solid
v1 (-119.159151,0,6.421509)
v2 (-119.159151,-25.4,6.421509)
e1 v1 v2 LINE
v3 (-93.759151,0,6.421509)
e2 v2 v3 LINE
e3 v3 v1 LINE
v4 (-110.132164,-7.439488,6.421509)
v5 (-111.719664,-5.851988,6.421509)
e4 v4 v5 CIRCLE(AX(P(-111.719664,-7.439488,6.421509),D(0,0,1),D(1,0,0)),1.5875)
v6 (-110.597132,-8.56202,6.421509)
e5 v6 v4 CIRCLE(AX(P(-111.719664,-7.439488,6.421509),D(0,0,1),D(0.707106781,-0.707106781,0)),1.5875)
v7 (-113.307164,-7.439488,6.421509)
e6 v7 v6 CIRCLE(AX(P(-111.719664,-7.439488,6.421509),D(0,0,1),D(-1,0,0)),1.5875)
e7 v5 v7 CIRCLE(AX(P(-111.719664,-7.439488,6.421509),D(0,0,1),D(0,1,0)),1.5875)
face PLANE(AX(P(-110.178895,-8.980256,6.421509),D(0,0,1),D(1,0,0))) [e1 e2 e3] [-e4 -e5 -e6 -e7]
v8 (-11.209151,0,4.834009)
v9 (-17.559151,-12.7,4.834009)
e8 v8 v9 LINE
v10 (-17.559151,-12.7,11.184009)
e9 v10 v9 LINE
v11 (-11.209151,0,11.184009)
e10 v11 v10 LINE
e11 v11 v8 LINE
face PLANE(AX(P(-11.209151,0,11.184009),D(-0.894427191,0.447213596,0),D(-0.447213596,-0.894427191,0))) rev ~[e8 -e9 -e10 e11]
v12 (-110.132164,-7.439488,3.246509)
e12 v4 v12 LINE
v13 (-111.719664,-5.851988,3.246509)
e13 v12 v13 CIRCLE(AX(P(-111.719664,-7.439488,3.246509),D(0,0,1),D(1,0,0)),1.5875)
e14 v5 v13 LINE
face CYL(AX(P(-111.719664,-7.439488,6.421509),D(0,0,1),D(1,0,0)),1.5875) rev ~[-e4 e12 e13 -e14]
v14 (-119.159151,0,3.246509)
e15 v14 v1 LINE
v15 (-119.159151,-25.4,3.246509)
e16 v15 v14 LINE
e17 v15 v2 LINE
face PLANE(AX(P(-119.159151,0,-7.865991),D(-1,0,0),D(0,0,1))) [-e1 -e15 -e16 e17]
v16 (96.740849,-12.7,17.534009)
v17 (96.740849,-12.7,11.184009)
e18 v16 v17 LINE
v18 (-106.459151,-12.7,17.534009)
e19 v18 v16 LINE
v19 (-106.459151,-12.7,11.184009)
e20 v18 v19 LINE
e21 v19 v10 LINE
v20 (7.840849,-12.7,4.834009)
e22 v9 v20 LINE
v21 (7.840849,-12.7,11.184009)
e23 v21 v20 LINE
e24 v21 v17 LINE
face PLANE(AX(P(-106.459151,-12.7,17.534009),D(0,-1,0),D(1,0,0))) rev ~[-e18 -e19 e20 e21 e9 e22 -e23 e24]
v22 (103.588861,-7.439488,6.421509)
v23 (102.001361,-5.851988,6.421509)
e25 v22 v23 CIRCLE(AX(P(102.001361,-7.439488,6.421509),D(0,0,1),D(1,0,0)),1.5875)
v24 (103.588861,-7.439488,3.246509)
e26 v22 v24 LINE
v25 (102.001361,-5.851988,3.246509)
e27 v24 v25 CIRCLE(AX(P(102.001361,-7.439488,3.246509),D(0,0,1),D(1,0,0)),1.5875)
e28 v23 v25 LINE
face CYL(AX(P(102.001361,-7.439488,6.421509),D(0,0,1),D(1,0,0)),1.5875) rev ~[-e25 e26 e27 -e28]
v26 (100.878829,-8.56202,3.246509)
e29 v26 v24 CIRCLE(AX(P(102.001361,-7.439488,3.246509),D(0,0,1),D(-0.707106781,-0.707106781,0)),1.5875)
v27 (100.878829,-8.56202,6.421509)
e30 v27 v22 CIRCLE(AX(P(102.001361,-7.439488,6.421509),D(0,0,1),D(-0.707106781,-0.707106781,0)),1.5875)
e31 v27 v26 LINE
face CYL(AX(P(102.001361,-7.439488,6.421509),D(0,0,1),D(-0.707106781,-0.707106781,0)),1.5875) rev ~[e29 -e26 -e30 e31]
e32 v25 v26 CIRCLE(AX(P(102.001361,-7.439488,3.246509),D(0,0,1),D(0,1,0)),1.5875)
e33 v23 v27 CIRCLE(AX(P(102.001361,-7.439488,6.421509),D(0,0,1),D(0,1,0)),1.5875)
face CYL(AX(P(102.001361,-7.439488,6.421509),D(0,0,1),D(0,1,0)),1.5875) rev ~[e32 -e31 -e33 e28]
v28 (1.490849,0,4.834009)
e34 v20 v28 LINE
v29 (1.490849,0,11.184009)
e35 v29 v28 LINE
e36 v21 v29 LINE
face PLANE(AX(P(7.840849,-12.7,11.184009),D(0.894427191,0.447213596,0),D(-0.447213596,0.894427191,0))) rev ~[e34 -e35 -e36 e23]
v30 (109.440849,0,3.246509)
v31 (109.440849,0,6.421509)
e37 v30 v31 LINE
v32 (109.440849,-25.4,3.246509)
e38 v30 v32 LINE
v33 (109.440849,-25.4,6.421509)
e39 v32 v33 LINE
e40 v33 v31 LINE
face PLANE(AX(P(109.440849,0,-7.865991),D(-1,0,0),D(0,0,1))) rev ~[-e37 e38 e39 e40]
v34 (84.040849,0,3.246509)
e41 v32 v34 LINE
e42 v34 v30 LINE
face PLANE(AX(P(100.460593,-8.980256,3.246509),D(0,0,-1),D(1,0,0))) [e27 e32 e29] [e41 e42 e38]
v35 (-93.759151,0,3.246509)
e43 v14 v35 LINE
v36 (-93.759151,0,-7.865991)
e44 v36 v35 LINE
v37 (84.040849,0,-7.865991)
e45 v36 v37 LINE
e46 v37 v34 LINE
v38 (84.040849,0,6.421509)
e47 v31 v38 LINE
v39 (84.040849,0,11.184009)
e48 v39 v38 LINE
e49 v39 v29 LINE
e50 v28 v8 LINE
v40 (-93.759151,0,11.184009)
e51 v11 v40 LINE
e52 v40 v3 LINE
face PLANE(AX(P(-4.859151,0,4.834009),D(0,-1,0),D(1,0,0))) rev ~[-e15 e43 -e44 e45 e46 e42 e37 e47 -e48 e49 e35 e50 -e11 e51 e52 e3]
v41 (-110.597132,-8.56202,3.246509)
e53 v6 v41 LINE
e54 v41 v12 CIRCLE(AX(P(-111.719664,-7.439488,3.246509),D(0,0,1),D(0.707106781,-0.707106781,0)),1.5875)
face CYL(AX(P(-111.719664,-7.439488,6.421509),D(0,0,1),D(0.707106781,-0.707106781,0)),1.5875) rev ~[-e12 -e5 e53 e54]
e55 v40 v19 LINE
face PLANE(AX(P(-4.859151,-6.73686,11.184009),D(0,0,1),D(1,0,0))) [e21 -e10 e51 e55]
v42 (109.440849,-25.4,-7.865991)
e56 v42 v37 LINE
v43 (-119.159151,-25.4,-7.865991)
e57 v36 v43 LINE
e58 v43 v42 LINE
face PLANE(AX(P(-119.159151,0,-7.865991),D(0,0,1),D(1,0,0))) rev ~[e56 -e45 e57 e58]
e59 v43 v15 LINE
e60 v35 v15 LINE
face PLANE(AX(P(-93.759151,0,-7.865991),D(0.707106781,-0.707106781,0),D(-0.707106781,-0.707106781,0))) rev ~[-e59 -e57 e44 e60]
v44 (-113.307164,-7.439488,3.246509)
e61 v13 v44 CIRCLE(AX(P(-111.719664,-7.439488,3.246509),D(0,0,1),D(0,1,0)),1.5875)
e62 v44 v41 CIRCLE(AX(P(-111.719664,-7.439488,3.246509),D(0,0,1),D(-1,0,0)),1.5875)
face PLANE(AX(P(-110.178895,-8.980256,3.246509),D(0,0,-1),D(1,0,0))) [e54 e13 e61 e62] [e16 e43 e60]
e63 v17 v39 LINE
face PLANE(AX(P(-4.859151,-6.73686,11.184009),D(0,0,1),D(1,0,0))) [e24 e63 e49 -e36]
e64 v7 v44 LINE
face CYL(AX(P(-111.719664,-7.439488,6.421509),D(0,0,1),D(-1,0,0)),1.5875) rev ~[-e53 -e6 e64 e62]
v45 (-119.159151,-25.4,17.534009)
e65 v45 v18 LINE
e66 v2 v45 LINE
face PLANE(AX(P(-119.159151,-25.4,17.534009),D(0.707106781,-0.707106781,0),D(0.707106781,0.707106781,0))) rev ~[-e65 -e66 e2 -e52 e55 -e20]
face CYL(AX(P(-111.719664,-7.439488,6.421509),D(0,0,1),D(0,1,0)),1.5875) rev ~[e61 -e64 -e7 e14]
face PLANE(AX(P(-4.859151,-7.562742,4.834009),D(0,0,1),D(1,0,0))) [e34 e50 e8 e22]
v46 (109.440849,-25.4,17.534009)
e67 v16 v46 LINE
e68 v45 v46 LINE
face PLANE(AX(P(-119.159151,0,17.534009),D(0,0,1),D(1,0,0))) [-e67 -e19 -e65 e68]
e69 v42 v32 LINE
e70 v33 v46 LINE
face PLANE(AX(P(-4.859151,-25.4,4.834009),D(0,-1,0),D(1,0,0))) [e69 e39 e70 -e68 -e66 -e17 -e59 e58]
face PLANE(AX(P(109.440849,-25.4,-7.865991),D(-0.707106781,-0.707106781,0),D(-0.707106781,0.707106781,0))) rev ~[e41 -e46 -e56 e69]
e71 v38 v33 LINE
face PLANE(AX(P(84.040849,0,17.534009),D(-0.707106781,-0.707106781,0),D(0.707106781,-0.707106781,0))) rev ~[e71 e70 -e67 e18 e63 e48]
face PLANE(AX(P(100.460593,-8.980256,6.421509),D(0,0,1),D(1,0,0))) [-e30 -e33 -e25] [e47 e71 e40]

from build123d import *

# Parameters (mm, degrees)
F0_W      = 228.6
F0_H      = 25.4
F1_DEPTH  = 25.4
F3_DEPTH  = 11.1125
F5_DEPTH  = 11.1125
F6_DEPTH  = 6.35
F8_DEPTH  = 6.35
F11_DEPTH = 25.4


with BuildPart() as f1:
    # F0 (on Front) → F1 (new body)
    with BuildSketch(Plane.XZ):
        with Locations((-4.8591513187, 4.8340088824)):
            Rectangle(F0_W, F0_H)
    extrude(amount=F1_DEPTH)

    # F2 (on face) → F3 (cut)
    with BuildSketch(Plane.XY.offset(17.5340088824)):
        Polygon((-119.1591513187, 0), (-119.1591513187, -25.4), (-106.4591513187, -12.7), (-93.7591513187, 0), align=None)
        Polygon((96.7408486813, -12.7), (109.4408486813, -25.4), (109.4408486813, 0), (84.0408486813, 0), align=None)
    extrude(amount=-F3_DEPTH, mode=Mode.SUBTRACT)

    # F4 (on face) → F5 (cut)
    with BuildSketch(Plane(origin=(0, 0, -7.8659911176), x_dir=(1, 0, 0), z_dir=(0, 0, -1))):
        Polygon((-93.7591513187, 0), (-119.1591513187, 25.4), (-119.1591513187, 0), align=None)
        Polygon((109.4408486813, 0), (109.4408486813, 25.4), (84.0408486813, 0), align=None)
    extrude(amount=-F5_DEPTH, mode=Mode.SUBTRACT)

    # F2 (on face) → F6 (cut)
    with BuildSketch(Plane.XY.offset(17.5340088824)):
        Polygon((-93.7591513187, 0), (-106.4591513187, -12.7), (96.7408486813, -12.7), (84.0408486813, 0), align=None)
    extrude(amount=-F6_DEPTH, mode=Mode.SUBTRACT)

    # F7 (on face) → F8 (cut)
    with BuildSketch(Plane.XY.offset(11.1840088824)):
        Polygon((1.4908486813, 0), (-11.2091513187, 0), (-17.5591513187, -12.7), (7.8408486813, -12.7), align=None)
    extrude(amount=-F8_DEPTH, mode=Mode.SUBTRACT)

    # F9 (on face) + F10 (on face) → F11 (cut)
    with BuildSketch(Plane.XY.offset(6.4215088824)):
        with BuildLine():
            ThreePointArc((-110.5971315457, -8.562019773), (-110.2530048029, -8.0469977067), (-110.1321635608, -7.4394877579))
            ThreePointArc((-110.1321635608, -7.4394877579), (-110.5971315457, -6.3169557427), (-111.7196635608, -5.8519877579))
            Line((-111.7196635608, -5.8519877579), (-111.7196635608, -7.4394877579))
            Line((-111.7196635608, -7.4394877579), (-110.5971315457, -8.562019773))
        make_face()
        with BuildLine():
            Line((-111.7196635608, -7.4394877579), (-111.7196635608, -5.8519877579))
            ThreePointArc((-111.7196635608, -5.8519877579), (-112.8421955759, -6.3169557427), (-113.3071635608, -7.4394877579))
            Line((-113.3071635608, -7.4394877579), (-111.7196635608, -7.4394877579))
        make_face()
        with BuildLine():
            ThreePointArc((-113.3071635608, -7.4394877579), (-112.3271735097, -8.9061465157), (-110.5971315457, -8.562019773))
            Line((-110.5971315457, -8.562019773), (-111.7196635608, -7.4394877579))
            Line((-111.7196635608, -7.4394877579), (-113.3071635608, -7.4394877579))
        make_face()
    with BuildSketch(Plane.XY.offset(6.4215088824)):
        with BuildLine():
            Line((102.0013609235, -7.4394877579), (103.5888609235, -7.4394877579))
            ThreePointArc((103.5888609235, -7.4394877579), (103.1238929386, -6.3169557427), (102.0013609235, -5.8519877579))
            Line((102.0013609235, -5.8519877579), (102.0013609235, -7.4394877579))
        make_face()
        with BuildLine():
            Line((102.0013609235, -7.4394877579), (102.0013609235, -5.8519877579))
            ThreePointArc((102.0013609235, -5.8519877579), (100.5347021656, -6.831977809), (100.8788289083, -8.562019773))
            Line((100.8788289083, -8.562019773), (102.0013609235, -7.4394877579))
        make_face()
        with BuildLine():
            ThreePointArc((100.8788289083, -8.562019773), (102.6088708723, -8.9061465157), (103.5888609235, -7.4394877579))
            Line((103.5888609235, -7.4394877579), (102.0013609235, -7.4394877579))
            Line((102.0013609235, -7.4394877579), (100.8788289083, -8.562019773))
        make_face()
    extrude(amount=-F11_DEPTH, mode=Mode.SUBTRACT)


solid = f1.part
